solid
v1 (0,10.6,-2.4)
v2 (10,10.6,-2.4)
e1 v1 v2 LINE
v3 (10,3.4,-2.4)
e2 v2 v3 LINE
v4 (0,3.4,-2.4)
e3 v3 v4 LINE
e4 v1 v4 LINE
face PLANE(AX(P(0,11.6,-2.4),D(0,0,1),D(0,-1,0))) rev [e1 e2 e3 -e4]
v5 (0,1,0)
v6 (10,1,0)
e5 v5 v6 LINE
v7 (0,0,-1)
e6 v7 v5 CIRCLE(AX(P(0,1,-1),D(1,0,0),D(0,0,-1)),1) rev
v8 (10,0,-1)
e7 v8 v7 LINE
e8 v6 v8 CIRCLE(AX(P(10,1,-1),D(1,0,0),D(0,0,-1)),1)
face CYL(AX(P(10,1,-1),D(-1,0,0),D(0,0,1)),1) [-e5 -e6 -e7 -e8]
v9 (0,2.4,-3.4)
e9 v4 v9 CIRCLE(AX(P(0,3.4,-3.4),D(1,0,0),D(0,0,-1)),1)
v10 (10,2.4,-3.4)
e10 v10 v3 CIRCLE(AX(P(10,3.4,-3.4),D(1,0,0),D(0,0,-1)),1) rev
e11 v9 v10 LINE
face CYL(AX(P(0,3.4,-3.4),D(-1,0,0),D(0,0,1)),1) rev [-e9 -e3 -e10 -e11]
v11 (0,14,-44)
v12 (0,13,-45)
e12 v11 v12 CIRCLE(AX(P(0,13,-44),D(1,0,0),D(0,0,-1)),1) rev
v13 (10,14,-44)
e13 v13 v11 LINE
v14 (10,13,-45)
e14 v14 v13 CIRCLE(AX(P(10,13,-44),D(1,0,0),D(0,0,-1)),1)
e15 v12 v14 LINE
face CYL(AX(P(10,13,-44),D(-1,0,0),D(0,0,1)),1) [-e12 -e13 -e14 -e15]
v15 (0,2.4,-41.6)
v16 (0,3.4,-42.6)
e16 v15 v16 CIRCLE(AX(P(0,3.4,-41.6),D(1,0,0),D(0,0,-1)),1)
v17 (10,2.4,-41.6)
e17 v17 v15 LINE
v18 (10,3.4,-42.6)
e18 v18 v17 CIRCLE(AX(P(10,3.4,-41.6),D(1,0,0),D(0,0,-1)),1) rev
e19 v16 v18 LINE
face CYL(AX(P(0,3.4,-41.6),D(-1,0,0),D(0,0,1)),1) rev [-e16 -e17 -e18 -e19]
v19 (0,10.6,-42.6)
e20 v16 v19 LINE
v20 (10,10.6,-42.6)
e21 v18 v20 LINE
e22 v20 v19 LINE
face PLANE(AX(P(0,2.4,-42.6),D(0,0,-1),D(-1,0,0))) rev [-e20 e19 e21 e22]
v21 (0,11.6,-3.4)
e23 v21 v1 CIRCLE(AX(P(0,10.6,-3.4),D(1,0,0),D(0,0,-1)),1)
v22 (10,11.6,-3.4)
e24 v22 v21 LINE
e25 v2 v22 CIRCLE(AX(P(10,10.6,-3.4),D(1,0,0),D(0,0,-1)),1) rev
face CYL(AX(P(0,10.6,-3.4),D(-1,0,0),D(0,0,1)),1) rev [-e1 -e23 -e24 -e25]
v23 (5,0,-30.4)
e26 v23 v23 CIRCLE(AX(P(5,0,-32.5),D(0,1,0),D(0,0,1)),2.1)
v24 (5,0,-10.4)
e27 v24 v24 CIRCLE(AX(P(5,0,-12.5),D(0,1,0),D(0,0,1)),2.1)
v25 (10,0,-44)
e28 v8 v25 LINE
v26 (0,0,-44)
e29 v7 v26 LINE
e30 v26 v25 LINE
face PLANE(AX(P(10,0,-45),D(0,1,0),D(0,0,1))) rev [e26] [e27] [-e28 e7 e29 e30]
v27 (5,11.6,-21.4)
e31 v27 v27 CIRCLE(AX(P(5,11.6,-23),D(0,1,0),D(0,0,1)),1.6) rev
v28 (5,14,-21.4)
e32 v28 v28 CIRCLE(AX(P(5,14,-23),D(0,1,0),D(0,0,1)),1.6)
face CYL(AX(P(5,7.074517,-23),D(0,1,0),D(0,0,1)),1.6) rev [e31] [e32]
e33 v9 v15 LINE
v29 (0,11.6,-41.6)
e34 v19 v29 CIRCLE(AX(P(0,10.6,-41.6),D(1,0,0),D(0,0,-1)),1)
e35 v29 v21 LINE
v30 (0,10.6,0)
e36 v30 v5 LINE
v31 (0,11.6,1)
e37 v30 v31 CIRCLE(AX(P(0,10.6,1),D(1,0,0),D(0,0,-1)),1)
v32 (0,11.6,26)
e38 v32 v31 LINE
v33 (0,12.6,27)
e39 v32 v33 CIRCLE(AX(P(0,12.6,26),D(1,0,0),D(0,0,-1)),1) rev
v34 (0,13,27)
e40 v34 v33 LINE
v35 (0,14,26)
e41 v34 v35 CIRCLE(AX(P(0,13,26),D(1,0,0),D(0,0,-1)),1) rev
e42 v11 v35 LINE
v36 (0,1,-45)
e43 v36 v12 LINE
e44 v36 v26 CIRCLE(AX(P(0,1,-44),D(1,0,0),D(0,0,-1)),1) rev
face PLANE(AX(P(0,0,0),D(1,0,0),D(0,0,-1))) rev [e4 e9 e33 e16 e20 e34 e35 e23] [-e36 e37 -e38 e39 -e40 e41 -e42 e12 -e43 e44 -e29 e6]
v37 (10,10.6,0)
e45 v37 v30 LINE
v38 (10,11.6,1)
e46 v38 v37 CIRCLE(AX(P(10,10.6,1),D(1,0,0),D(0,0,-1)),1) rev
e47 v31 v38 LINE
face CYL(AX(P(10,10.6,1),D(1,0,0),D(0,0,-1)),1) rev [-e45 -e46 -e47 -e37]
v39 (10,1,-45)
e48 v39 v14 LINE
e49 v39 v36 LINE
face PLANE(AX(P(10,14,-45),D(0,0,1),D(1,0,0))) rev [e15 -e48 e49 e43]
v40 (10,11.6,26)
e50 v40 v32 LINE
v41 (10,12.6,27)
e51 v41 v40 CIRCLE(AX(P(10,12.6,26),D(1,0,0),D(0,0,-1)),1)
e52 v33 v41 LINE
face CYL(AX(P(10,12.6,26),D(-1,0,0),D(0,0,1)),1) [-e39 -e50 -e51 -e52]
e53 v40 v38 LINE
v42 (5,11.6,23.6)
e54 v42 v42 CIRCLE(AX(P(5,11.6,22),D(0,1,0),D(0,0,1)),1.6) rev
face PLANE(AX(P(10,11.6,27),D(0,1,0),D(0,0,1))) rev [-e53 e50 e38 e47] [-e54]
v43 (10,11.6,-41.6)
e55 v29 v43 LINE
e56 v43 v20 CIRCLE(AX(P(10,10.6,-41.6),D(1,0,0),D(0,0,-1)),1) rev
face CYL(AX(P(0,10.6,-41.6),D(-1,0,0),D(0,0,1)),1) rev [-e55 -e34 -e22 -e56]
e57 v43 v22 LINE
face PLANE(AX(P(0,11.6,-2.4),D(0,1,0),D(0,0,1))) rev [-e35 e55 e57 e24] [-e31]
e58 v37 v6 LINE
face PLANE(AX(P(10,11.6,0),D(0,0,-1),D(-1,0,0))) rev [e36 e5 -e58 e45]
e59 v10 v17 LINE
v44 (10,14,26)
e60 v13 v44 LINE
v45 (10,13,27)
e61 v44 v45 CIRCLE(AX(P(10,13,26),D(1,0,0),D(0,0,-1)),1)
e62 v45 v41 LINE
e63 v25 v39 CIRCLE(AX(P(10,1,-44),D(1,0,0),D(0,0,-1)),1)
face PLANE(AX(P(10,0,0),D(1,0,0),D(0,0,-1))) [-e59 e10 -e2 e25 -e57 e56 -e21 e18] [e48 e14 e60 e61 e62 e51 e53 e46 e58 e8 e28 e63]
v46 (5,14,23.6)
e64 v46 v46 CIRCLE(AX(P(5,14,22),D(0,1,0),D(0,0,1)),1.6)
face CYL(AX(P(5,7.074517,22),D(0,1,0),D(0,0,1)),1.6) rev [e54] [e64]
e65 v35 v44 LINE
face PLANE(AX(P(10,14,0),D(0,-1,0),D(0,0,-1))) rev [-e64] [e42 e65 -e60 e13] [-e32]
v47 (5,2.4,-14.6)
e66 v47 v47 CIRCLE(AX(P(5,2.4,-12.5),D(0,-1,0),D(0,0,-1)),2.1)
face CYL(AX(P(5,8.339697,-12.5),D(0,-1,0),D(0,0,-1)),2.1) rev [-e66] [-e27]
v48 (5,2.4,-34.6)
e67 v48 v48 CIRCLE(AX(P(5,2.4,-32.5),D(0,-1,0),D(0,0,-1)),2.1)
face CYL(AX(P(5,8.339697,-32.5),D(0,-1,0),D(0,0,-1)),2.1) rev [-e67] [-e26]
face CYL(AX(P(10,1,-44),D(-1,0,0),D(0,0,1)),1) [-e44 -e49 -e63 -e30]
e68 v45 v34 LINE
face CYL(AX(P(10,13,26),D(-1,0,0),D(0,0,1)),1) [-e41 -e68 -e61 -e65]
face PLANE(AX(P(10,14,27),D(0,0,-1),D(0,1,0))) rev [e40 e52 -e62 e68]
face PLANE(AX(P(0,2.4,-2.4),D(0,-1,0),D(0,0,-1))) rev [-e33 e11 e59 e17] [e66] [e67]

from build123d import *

# Parameters (mm, degrees)
BOSS_EXTRUDE1_DEPTH = 10
SKETCH4_W           = 40.2
SKETCH4_H           = 9.2
CUT_EXTRUDE1_DEPTH  = 49.176757882
SKETCH3_R           = 2.1
CUT_EXTRUDE2_DEPTH  = 2.4
SKETCH5_R           = 1.6
CUT_EXTRUDE3_DEPTH  = 2.4
FILLET1_R           = 1


with BuildPart() as part:
    # Sketch1 → Boss-Extrude1 (new body)
    with BuildSketch(Plane(origin=(0, 0, 0), x_dir=(0, 0, -1), z_dir=(1, 0, 0))):
        Polygon((0, 11.6), (0, 0), (45, 0), (45, 14), (0, 14), (-27, 14), (-27, 11.6), align=None)
    extrude(amount=BOSS_EXTRUDE1_DEPTH)

    # Sketch4 → Cut-Extrude1 (cut, through all)
    with BuildSketch(Plane(origin=(10, 0, 0), x_dir=(0, 0, -1), z_dir=(1, 0, 0))):
        with Locations((22.5, 7)):
            Rectangle(SKETCH4_W, SKETCH4_H)
    extrude(amount=-CUT_EXTRUDE1_DEPTH, mode=Mode.SUBTRACT)

    # Sketch3 → Cut-Extrude2 (cut)
    with BuildSketch(Plane(origin=(0, 0, 0), x_dir=(1, 0, 0), z_dir=(0, 1, 0))):
        with Locations(Location((5, 32.5, 0), (0, 0, 90))):
            Circle(SKETCH3_R)
        with Locations(Location((5, 12.5, 0), (0, 0, 90))):
            Circle(SKETCH3_R)
    extrude(amount=CUT_EXTRUDE2_DEPTH, mode=Mode.SUBTRACT)

    # Sketch5 → Cut-Extrude3 (cut)
    with BuildSketch(Plane(origin=(0, 14, 0), x_dir=(1, 0, 0), z_dir=(0, 1, 0))):
        with Locations(Location((5, 23, 0), (0, 0, 270))):
            Circle(SKETCH5_R)
        with Locations(Location((5, -22, 0), (0, 0, 270))):
            Circle(SKETCH5_R)
    extrude(amount=-CUT_EXTRUDE3_DEPTH, mode=Mode.SUBTRACT)

    # Fillet1
    fillet1_edges = [part.edges().sort_by_distance(p)[0] for p in [
        (5, 0, 0),
        (5, 11.6, 0),
        (5, 11.6, 27),
        (5, 14, 27),
        (5, 14, -45),
        (5, 0, -45),
        (5, 2.4, -2.4),
        (5, 11.6, -2.4),
        (5, 11.6, -42.6),
        (5, 2.4, -42.6),
    ]]
    fillet(fillet1_edges, radius=FILLET1_R)


solid = part.part
